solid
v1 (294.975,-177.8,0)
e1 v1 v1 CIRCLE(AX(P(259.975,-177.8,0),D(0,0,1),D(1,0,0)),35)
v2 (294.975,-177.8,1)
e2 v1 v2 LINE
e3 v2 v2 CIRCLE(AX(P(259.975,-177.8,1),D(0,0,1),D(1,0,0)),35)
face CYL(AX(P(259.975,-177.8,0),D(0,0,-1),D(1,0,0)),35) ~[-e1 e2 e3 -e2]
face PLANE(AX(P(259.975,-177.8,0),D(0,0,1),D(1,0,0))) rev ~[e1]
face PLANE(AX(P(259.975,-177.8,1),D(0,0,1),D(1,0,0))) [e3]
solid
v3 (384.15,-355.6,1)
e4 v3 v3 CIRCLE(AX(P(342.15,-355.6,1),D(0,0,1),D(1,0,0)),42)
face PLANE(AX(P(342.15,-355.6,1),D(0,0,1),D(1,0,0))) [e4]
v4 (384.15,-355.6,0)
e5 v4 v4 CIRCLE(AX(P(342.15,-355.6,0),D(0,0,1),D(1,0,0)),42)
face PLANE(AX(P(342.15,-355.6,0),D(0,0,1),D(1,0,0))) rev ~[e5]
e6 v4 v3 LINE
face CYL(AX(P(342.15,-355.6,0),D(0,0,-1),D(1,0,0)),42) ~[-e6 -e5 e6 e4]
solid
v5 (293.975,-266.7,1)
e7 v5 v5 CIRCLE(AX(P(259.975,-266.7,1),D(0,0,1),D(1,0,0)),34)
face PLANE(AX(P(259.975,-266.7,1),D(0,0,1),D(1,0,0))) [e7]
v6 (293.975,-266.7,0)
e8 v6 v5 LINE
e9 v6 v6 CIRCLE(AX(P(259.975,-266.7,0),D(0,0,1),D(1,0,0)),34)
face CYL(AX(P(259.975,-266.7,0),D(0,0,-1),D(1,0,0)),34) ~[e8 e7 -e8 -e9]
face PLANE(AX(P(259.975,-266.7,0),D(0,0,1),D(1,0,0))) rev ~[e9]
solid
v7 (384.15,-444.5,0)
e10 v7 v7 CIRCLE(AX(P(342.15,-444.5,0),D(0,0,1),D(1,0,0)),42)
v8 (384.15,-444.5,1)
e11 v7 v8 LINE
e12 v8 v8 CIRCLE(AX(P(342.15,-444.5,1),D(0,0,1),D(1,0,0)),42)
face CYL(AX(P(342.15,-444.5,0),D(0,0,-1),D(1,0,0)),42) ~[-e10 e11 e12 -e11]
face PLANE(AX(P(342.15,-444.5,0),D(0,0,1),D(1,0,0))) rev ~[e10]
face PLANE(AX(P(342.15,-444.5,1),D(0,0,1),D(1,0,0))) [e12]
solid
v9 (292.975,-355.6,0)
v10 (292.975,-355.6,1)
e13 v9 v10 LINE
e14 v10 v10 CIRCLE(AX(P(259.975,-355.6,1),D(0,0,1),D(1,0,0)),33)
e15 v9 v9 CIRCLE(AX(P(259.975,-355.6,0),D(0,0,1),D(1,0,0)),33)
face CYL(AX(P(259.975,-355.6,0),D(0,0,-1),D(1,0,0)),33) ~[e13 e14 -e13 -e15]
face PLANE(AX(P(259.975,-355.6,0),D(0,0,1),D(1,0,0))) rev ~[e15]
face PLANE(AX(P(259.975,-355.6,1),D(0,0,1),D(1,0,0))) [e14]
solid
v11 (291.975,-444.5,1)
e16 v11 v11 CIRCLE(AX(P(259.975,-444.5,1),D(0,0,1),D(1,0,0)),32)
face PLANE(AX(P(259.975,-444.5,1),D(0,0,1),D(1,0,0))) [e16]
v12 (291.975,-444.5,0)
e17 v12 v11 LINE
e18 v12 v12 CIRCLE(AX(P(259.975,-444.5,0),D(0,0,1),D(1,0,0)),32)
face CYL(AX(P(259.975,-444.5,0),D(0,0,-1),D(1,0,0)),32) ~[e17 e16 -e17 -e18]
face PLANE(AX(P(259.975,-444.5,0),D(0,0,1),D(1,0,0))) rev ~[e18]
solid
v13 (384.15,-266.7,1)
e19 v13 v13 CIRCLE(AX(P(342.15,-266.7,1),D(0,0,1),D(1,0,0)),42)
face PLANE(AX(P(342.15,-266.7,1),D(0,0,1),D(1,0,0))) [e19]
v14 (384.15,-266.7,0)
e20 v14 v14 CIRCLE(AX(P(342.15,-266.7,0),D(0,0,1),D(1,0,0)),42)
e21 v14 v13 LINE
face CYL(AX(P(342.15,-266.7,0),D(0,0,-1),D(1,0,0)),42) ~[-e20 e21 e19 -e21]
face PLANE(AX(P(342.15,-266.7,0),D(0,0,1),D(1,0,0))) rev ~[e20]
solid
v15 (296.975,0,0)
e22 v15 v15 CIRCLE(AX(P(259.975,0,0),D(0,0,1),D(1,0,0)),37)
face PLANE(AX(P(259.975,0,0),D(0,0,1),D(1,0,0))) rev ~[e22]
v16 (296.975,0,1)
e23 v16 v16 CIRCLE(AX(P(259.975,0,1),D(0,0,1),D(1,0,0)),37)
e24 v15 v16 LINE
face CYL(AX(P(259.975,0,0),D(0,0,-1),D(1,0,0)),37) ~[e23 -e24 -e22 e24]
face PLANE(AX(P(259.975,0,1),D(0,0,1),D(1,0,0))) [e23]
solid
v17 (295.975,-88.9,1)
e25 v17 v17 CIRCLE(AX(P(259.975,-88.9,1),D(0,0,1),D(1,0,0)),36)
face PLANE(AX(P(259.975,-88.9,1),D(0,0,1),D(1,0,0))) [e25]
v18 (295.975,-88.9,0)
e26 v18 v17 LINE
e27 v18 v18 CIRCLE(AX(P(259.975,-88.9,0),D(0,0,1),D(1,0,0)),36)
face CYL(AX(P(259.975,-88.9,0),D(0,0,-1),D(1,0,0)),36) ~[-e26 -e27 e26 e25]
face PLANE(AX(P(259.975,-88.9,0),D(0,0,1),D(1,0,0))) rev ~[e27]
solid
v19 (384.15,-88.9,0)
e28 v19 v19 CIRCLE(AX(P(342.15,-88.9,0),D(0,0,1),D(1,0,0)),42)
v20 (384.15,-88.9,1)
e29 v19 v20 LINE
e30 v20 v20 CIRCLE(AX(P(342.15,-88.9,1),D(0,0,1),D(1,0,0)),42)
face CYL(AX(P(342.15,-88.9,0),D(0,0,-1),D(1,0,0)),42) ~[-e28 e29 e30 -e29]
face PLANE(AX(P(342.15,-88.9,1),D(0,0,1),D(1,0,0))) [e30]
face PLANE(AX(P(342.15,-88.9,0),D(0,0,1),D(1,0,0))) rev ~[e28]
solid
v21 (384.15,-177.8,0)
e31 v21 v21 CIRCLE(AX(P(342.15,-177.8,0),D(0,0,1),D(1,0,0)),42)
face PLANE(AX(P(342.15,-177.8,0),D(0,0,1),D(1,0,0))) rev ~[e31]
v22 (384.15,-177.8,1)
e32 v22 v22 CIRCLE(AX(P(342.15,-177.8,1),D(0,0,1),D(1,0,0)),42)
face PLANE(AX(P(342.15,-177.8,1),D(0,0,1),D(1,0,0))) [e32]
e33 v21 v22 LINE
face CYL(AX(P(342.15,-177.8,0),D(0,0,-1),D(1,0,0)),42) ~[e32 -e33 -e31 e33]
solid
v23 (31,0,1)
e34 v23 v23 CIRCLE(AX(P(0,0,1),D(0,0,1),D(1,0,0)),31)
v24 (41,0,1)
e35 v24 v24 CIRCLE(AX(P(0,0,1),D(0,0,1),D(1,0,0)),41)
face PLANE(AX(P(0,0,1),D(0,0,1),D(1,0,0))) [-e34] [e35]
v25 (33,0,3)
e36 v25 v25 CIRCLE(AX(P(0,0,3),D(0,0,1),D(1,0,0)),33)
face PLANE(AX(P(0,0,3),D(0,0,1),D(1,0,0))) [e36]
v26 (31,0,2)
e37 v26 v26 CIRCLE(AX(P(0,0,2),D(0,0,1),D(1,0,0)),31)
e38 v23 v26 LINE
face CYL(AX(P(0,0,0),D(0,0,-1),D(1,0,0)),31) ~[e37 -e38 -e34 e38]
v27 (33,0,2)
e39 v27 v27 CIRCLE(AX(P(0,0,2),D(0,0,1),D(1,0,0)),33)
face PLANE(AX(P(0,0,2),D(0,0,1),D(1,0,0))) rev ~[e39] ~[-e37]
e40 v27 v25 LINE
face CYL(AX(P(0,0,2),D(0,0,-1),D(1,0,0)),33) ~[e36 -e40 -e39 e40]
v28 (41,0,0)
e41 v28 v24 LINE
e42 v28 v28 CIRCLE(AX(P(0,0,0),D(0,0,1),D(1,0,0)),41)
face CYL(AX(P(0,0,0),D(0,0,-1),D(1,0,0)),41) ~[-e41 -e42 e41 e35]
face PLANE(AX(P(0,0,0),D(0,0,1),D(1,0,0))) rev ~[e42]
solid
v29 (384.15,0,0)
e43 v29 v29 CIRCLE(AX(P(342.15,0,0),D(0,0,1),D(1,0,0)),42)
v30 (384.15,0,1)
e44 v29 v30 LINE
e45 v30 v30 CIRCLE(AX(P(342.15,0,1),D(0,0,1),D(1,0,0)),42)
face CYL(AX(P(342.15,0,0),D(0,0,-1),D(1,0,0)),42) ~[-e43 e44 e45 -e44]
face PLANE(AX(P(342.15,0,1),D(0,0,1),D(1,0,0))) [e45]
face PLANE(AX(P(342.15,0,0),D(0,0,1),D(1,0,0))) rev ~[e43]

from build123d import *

# Parameters (mm, degrees)
F1_DEPTH  = 1
F2_R      = 37
F2_R_2    = 42
F2_R_3    = 36
F2_R_4    = 35
F2_R_5    = 34
F2_R_6    = 33
F2_R_7    = 32
F3_DEPTH  = 1
F4_R      = 42
F4_R_2    = 37
F4_R_3    = 36
F4_R_4    = 35
F4_R_5    = 34
F4_R_6    = 33
F4_R_7    = 32
F5_DEPTH  = 1
F7_R      = 41
F7_R_2    = 33
F7_R_3    = 31
F8_DEPTH  = 1
F9_DEPTH  = 2
F10_R     = 33
F11_DEPTH = 1


with BuildPart() as f1:
    # F0 (on Top) → F1 (new body)
    with BuildSketch(Plane.XY):
        with BuildLine():
            Line((2.5, -36.915444), (2.5, -41.925529))
            ThreePointArc((2.5, -41.925529), (0, 42), (-2.5, -41.925529))
            Line((-2.5, -41.925529), (-2.5, -36.915444))
            ThreePointArc((-2.5, -36.915444), (0, 37), (2.5, -36.915444))
        make_face()
        with BuildLine():
            Line((92.4, -36.834087), (92.4, -41.853913))
            ThreePointArc((92.4, -41.853913), (88.9, 42), (85.4, -41.853913))
            Line((85.4, -41.853913), (85.4, -36.834087))
            ThreePointArc((85.4, -36.834087), (88.9, 37), (92.4, -36.834087))
        make_face()
        with BuildLine():
            Line((182.3, -36.725332), (182.3, -41.758233))
            ThreePointArc((182.3, -41.758233), (177.8, 42), (173.3, -41.758233))
            Line((173.3, -41.758233), (173.3, -36.725332))
            ThreePointArc((173.3, -36.725332), (177.8, 37), (182.3, -36.725332))
        make_face()
        with BuildLine():
            Line((92.4, -124.729457), (92.4, -130.753913))
            ThreePointArc((92.4, -130.753913), (88.9, -46.9), (85.4, -130.753913))
            Line((85.4, -130.753913), (85.4, -124.729457))
            ThreePointArc((85.4, -124.729457), (88.9, -52.9), (92.4, -124.729457))
        make_face()
        with BuildLine():
            Line((182.3, -124.617643), (182.3, -130.658233))
            ThreePointArc((182.3, -130.658233), (177.8, -46.9), (173.3, -130.658233))
            Line((173.3, -130.658233), (173.3, -124.617643))
            ThreePointArc((173.3, -124.617643), (177.8, -52.9), (182.3, -124.617643))
        make_face()
        with BuildLine():
            Line((2.5, -124.81309), (2.5, -130.825529))
            ThreePointArc((2.5, -130.825529), (0, -46.9), (-2.5, -130.825529))
            Line((-2.5, -130.825529), (-2.5, -125.815444))
            Line((-2.5, -125.815444), (-2.5, -124.81309))
            ThreePointArc((-2.5, -124.81309), (0, -52.9), (2.5, -124.81309))
        make_face()
        with BuildLine():
            Line((92.4, -212.62456), (92.4, -219.653913))
            ThreePointArc((92.4, -219.653913), (88.9, -135.8), (85.4, -219.653913))
            Line((85.4, -219.653913), (85.4, -212.62456))
            ThreePointArc((85.4, -212.62456), (88.9, -142.8), (92.4, -212.62456))
        make_face()
        with BuildLine():
            Line((182.3, -212.509509), (182.3, -219.558233))
            ThreePointArc((182.3, -219.558233), (177.8, -135.8), (173.3, -219.558233))
            Line((173.3, -219.558233), (173.3, -212.509509))
            ThreePointArc((173.3, -212.509509), (177.8, -142.8), (182.3, -212.509509))
        make_face()
        with BuildLine():
            Line((2.5, -212.7106), (2.5, -219.725529))
            ThreePointArc((2.5, -219.725529), (0, -135.8), (-2.5, -219.725529))
            Line((-2.5, -219.725529), (-2.5, -212.7106))
            ThreePointArc((-2.5, -212.7106), (0, -142.8), (2.5, -212.7106))
        make_face()
        with BuildLine():
            Line((92.4, -300.519373), (92.4, -308.553913))
            ThreePointArc((92.4, -308.553913), (88.9, -224.7), (85.4, -308.553913))
            Line((85.4, -308.553913), (85.4, -300.519373))
            ThreePointArc((85.4, -300.519373), (88.9, -232.7), (92.4, -300.519373))
        make_face()
        with BuildLine():
            Line((182.3, -300.40089), (182.3, -308.458233))
            ThreePointArc((182.3, -308.458233), (177.8, -224.7), (173.3, -308.458233))
            Line((173.3, -308.458233), (173.3, -300.40089))
            ThreePointArc((173.3, -300.40089), (177.8, -232.7), (182.3, -300.40089))
        make_face()
        with BuildLine():
            Line((2.5, -300.607964), (2.5, -308.625529))
            ThreePointArc((2.5, -308.625529), (0, -224.7), (-2.5, -308.625529))
            Line((-2.5, -308.625529), (-2.5, -300.607964))
            ThreePointArc((-2.5, -300.607964), (0, -232.7), (2.5, -300.607964))
        make_face()
        with BuildLine():
            Line((92.4, -388.413869), (92.4, -397.453913))
            ThreePointArc((92.4, -397.453913), (88.9, -313.6), (85.4, -397.453913))
            Line((85.4, -397.453913), (85.4, -388.413869))
            ThreePointArc((85.4, -388.413869), (88.9, -322.6), (92.4, -388.413869))
        make_face()
        with BuildLine():
            Line((182.3, -388.291742), (182.3, -397.358233))
            ThreePointArc((182.3, -397.358233), (177.8, -313.6), (173.3, -397.358233))
            Line((173.3, -397.358233), (173.3, -388.291742))
            ThreePointArc((173.3, -388.291742), (177.8, -322.6), (182.3, -388.291742))
        make_face()
        with BuildLine():
            Line((2.5, -388.505167), (2.5, -397.525529))
            ThreePointArc((2.5, -397.525529), (0, -313.6), (-2.5, -397.525529))
            Line((-2.5, -397.525529), (-2.5, -388.505167))
            ThreePointArc((-2.5, -388.505167), (0, -322.6), (2.5, -388.505167))
        make_face()
        with BuildLine():
            Line((92.4, -476.308018), (92.4, -486.353913))
            ThreePointArc((92.4, -486.353913), (88.9, -402.5), (85.4, -486.353913))
            Line((85.4, -486.353913), (85.4, -476.308018))
            ThreePointArc((85.4, -476.308018), (88.9, -412.5), (92.4, -476.308018))
        make_face()
        with BuildLine():
            Line((182.3, -476.182014), (182.3, -486.258233))
            ThreePointArc((182.3, -486.258233), (177.8, -402.5), (173.3, -486.258233))
            Line((173.3, -486.258233), (173.3, -476.182014))
            ThreePointArc((173.3, -476.182014), (177.8, -412.5), (182.3, -476.182014))
        make_face()
        with BuildLine():
            Line((2.5, -476.402194), (2.5, -486.425529))
            ThreePointArc((2.5, -486.425529), (0, -402.5), (-2.5, -486.425529))
            Line((-2.5, -486.425529), (-2.5, -476.402194))
            ThreePointArc((-2.5, -476.402194), (0, -412.5), (2.5, -476.402194))
        make_face()
    extrude(amount=F1_DEPTH)


with BuildPart() as f3:
    # F2 (on Top) → F3 (new body)
    with BuildSketch(Plane.XY):
        with Locations((259.975, 0)):
            Circle(F2_R)
        with Locations((342.15, 0)):
            Circle(F2_R_2)
        with Locations((342.15, -88.9)):
            Circle(F2_R_2)
        with Locations((342.15, -177.8)):
            Circle(F2_R_2)
        with Locations((342.15, -266.7)):
            Circle(F2_R_2)
        with Locations((342.15, -355.6)):
            Circle(F2_R_2)
        with Locations((342.15, -444.5)):
            Circle(F2_R_2)
        with Locations((259.975, -88.9)):
            Circle(F2_R_3)
        with Locations((259.975, -177.8)):
            Circle(F2_R_4)
        with Locations((259.975, -266.7)):
            Circle(F2_R_5)
        with Locations((259.975, -355.6)):
            Circle(F2_R_6)
        with Locations((259.975, -444.5)):
            Circle(F2_R_7)
    extrude(amount=F3_DEPTH)


with BuildPart() as f5:
    # F4 (on Top) → F5 (new body)
    with BuildSketch(Plane.XY):
        with Locations((-89.461, 0)):
            Circle(F4_R)
        with Locations((-89.461, 0)):
            Circle(F4_R_2, mode=Mode.SUBTRACT)
        with Locations((-89.461, -88.9)):
            Circle(F4_R)
        with Locations((-89.461, -88.9)):
            Circle(F4_R_3, mode=Mode.SUBTRACT)
        with Locations((-89.461, -177.8)):
            Circle(F4_R)
        with Locations((-89.461, -177.8)):
            Circle(F4_R_4, mode=Mode.SUBTRACT)
        with Locations((-89.461, -266.7)):
            Circle(F4_R)
        with Locations((-89.461, -266.7)):
            Circle(F4_R_5, mode=Mode.SUBTRACT)
        with Locations((-89.461, -355.6)):
            Circle(F4_R)
        with Locations((-89.461, -355.6)):
            Circle(F4_R_6, mode=Mode.SUBTRACT)
        with Locations((-89.461, -444.5)):
            Circle(F4_R)
        with Locations((-89.461, -444.5)):
            Circle(F4_R_7, mode=Mode.SUBTRACT)
    extrude(amount=F5_DEPTH)


with BuildPart() as f8:
    # F7 (on Top) → F8 (new body)
    with BuildSketch(Plane.XY):
        Circle(F7_R)
        Circle(F7_R_2, mode=Mode.SUBTRACT)
        Circle(F7_R_3)
        Circle(F7_R_2)
        Circle(F7_R_3, mode=Mode.SUBTRACT)
    extrude(amount=F8_DEPTH)

    # F7 (on Top) → F9 (join)
    with BuildSketch(Plane.XY):
        Circle(F7_R_3)
    extrude(amount=F9_DEPTH)

    # F10 (on face) → F11 (join)
    with BuildSketch(Plane.XY.offset(2)):
        Circle(F10_R)
    extrude(amount=F11_DEPTH)


solid = Compound([f3.part, f8.part])
